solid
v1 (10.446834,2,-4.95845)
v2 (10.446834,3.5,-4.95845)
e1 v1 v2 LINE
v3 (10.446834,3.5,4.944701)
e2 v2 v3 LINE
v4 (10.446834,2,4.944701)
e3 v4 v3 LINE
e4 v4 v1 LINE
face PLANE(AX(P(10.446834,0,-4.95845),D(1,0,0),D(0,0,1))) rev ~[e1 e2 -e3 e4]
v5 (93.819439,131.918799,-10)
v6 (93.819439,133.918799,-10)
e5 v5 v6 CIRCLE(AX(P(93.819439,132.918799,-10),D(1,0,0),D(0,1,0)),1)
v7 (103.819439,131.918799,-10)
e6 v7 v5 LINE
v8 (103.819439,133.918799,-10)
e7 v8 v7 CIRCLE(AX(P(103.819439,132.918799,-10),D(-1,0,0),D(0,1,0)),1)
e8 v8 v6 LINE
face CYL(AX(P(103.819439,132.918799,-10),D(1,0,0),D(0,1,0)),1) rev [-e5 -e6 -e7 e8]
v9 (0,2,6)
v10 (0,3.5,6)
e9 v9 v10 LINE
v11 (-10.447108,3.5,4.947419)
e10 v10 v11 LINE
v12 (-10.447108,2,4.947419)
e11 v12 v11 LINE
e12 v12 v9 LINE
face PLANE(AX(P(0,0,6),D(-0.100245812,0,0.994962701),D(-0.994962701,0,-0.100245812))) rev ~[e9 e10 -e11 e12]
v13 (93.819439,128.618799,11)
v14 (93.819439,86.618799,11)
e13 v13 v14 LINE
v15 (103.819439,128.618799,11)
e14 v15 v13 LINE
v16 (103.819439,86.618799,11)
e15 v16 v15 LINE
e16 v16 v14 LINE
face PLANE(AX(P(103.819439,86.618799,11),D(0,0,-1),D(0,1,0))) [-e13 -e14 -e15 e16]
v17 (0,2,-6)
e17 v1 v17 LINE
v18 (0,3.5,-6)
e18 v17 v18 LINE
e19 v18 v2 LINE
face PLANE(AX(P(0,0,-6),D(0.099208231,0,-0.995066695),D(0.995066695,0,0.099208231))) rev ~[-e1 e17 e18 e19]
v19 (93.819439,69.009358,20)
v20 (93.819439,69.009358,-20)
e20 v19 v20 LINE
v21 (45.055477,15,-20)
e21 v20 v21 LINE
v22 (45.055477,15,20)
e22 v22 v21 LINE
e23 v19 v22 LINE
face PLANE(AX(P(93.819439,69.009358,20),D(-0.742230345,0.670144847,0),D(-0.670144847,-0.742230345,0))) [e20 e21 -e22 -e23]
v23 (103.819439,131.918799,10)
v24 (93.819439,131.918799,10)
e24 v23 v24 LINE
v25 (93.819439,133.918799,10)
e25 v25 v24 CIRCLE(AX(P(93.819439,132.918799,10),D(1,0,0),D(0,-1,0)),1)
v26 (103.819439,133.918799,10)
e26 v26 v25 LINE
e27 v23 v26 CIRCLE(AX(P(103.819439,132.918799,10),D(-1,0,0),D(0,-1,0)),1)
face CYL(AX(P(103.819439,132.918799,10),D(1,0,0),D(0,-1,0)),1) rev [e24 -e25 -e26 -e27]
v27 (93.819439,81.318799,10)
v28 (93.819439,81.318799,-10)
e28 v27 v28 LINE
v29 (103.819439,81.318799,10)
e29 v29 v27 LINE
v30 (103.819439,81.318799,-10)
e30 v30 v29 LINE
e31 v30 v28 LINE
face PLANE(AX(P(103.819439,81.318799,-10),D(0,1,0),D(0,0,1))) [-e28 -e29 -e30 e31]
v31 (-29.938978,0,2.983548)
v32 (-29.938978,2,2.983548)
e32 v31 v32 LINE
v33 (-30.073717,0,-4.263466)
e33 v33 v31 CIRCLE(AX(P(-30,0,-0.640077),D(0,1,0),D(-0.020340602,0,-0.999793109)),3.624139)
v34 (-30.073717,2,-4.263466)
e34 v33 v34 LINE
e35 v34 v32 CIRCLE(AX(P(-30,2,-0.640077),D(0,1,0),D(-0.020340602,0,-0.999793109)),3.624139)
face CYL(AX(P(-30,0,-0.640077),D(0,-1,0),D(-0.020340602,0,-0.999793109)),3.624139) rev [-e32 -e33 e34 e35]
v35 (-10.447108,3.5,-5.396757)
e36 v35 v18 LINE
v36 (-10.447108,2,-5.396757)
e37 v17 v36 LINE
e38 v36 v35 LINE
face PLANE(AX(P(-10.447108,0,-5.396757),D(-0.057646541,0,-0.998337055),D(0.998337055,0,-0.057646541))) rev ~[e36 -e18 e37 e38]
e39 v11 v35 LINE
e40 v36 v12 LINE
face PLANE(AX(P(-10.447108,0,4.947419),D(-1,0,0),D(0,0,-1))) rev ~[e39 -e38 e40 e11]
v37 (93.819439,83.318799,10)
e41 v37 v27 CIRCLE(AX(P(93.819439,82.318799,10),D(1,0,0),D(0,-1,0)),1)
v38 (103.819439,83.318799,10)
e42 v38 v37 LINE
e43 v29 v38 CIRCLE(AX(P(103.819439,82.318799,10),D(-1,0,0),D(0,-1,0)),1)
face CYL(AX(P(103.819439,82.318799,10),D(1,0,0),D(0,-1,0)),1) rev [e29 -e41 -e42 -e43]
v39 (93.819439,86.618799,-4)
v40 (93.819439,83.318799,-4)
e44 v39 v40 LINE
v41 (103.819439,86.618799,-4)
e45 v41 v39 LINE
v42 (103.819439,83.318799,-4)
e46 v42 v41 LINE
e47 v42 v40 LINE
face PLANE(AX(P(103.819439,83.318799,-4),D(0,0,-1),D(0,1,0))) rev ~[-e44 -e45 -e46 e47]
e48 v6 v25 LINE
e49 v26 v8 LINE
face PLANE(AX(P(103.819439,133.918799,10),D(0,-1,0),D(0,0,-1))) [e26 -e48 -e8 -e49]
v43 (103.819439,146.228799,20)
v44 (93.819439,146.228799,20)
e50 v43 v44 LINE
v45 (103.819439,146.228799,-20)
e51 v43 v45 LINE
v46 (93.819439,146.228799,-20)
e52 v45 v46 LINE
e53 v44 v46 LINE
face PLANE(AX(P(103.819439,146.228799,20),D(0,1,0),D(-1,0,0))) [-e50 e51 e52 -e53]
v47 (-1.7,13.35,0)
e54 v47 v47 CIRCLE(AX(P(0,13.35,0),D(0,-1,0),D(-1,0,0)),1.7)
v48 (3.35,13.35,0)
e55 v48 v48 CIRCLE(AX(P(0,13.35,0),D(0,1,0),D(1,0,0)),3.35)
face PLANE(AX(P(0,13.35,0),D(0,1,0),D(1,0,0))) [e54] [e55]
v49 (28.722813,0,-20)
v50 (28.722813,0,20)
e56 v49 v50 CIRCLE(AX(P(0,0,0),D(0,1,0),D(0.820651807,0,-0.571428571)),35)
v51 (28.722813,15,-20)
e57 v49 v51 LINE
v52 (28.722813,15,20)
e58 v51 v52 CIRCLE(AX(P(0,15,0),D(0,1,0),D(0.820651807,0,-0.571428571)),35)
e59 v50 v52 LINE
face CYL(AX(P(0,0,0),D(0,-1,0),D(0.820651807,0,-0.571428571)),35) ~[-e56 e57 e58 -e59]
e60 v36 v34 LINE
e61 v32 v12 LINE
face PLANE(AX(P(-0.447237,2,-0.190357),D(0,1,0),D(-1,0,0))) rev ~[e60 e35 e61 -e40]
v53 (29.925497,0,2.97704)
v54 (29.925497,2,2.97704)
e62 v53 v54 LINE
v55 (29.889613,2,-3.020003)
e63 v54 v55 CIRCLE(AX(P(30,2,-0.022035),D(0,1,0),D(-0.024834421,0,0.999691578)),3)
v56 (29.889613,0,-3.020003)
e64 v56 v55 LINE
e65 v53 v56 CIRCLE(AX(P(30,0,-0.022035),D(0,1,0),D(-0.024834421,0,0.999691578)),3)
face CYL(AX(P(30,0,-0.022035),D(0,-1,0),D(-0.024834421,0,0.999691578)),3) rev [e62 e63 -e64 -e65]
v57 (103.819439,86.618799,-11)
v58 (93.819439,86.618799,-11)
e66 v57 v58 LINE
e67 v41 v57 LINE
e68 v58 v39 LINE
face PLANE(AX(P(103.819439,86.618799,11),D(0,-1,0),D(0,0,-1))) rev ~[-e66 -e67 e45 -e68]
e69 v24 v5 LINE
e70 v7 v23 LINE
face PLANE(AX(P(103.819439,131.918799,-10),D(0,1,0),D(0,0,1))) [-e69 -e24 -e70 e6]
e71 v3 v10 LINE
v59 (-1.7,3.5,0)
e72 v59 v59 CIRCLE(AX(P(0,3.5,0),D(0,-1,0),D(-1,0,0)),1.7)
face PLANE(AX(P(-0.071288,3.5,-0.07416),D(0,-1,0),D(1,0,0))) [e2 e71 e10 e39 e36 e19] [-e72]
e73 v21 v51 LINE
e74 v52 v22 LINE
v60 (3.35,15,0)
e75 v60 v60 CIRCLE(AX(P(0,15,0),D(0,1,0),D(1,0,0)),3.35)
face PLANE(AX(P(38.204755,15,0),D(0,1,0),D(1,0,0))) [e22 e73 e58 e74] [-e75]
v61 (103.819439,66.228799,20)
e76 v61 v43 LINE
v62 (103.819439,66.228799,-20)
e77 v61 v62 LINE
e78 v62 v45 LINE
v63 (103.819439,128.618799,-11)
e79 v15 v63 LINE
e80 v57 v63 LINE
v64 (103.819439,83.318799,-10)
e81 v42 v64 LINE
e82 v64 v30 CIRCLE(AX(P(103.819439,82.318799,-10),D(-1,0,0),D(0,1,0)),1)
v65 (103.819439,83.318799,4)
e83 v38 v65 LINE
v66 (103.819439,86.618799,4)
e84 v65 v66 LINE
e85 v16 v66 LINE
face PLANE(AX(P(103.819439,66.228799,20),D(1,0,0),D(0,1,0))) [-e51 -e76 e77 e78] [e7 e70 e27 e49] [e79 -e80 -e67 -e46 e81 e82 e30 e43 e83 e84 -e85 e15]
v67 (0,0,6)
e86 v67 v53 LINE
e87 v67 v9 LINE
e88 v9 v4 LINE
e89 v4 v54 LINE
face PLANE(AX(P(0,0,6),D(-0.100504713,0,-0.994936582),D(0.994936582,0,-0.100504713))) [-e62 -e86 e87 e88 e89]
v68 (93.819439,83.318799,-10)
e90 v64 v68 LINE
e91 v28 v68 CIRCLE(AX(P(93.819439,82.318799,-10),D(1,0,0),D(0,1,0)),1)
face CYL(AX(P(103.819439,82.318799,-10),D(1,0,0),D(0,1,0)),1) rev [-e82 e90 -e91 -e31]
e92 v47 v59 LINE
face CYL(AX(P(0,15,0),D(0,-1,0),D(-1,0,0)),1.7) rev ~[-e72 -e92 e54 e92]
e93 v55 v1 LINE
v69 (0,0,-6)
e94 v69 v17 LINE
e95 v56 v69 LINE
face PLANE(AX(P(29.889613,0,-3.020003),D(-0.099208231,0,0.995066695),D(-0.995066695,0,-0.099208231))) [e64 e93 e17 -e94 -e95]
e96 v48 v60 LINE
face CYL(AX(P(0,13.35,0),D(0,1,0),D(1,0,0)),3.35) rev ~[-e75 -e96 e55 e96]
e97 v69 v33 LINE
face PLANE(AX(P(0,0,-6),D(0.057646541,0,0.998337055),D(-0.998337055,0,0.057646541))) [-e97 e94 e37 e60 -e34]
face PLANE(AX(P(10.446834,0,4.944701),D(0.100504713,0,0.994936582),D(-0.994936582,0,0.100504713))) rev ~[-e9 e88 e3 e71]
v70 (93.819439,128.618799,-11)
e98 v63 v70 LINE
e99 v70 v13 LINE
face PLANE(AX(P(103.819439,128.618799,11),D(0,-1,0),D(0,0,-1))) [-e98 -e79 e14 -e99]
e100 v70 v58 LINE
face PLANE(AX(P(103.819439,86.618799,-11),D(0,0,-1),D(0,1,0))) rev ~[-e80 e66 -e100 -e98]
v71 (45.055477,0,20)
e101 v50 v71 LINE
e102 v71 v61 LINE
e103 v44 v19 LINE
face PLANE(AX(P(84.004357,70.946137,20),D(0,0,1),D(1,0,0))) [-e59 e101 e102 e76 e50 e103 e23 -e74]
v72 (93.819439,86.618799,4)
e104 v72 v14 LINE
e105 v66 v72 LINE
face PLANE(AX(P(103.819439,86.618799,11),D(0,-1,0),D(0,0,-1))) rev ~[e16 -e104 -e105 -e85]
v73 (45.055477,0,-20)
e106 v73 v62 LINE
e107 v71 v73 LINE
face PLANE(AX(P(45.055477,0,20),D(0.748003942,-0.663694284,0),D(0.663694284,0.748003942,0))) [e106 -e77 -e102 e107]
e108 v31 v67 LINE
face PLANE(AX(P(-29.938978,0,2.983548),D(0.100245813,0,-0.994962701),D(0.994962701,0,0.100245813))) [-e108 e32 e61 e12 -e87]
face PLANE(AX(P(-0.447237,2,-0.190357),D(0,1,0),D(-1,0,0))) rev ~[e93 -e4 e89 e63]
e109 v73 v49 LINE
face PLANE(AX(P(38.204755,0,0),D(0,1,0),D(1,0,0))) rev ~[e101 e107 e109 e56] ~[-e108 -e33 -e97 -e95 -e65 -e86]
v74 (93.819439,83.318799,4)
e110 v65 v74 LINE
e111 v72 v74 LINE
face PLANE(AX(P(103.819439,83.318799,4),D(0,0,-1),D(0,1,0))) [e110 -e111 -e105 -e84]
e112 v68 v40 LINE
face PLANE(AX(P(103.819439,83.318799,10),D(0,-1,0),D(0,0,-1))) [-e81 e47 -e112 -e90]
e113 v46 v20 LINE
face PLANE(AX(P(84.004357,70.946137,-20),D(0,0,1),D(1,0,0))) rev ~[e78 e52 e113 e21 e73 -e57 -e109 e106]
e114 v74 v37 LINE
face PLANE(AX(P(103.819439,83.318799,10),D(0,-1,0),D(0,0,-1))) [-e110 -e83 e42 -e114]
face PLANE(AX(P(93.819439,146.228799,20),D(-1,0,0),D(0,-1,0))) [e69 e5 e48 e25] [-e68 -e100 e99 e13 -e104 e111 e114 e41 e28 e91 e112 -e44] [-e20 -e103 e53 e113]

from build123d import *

# Parameters (mm, degrees)
EXTRUDE_1_DEPTH        = 15
EXTRUDE_2_DEPTH        = 40
F_1_4_BASE_D           = 3.4
F_1_4_BASE_CBORE_D     = 6.7
F_1_4_BASE_CBORE_DEPTH = 1.65
SKETCH_11_W            = 22
SKETCH_11_H            = 42
CUT_EXTRUDE_1_DEPTH    = 32
CUT_EXTRUDE_3_DEPTH    = 2
CUT_EXTRUDE_4_DEPTH    = 3.5
CUT_EXTRUDE_5_DEPTH    = 20
SKETCH_22_W            = 8
SKETCH_22_H            = 3.3
CUT_EXTRUDE_6_DEPTH    = 20


with BuildPart() as part:
    # 草图1 → 凸台-拉伸1 (new body)
    with BuildSketch(Plane(origin=(0, 0, 0), x_dir=(1, 0, 0), z_dir=(0, 1, 0))):
        with BuildLine():
            Line((45.055476805, 20), (28.722813233, 20))
            ThreePointArc((28.722813233, 20), (33.393850206, 10.480971731), (35, 0))
            ThreePointArc((35, 0), (33.393850206, -10.480971731), (28.722813233, -20))
            Line((28.722813233, -20), (45.055476805, -20))
            Line((45.055476805, -20), (45.055476805, 20))
        make_face()
        with BuildLine():
            Line((0.055476805, -20), (0.055476805, 20))
            Line((0.055476805, 20), (28.722813233, 20))
            ThreePointArc((28.722813233, 20), (-35, 0), (28.722813233, -20))
            Line((28.722813233, -20), (0.055476805, -20))
        make_face()
        with BuildLine():
            Line((28.722813233, 20), (0.055476805, 20))
            Line((0.055476805, 20), (0.055476805, -20))
            Line((0.055476805, -20), (28.722813233, -20))
            ThreePointArc((28.722813233, -20), (33.393850206, -10.480971731), (35, 0))
            ThreePointArc((35, 0), (33.393850206, 10.480971731), (28.722813233, 20))
        make_face()
    extrude(amount=EXTRUDE_1_DEPTH)

    # 草图2 → 凸台-拉伸2 (add)
    with BuildSketch(Plane.XY.offset(20)):
        Polygon((45.055476805, 0), (103.81943921, 66.228799241), (103.81943921, 146.228799241), (93.81943921, 146.228799241), (93.81943921, 69.009357532), (45.055476805, 15), align=None)
    extrude(amount=-EXTRUDE_2_DEPTH)

    # 1/4 六角头螺钉的柱形沉头孔base (through all)
    with Locations(Plane(origin=(0, 15, 0), x_dir=(1, 0, 0), z_dir=(0, 1, 0))):
        with Locations((0, 0)):
            CounterBoreHole(F_1_4_BASE_D / 2, F_1_4_BASE_CBORE_D / 2, F_1_4_BASE_CBORE_DEPTH)

    # 草图11 → 切除-拉伸1 (cut)
    with BuildSketch(Plane(origin=(103.81943921, 0, 0), x_dir=(0, 0, -1), z_dir=(1, 0, 0))):
        with Locations((0, 107.618799241)):
            Rectangle(SKETCH_11_W, SKETCH_11_H)
    extrude(amount=-CUT_EXTRUDE_1_DEPTH, mode=Mode.SUBTRACT)

    # 草图19 → 切除-拉伸3 (cut)
    with BuildSketch(Plane.XZ):
        with BuildLine():
            Line((-29.938978194, 2.983548036), (0, 6))
            Line((0, 6), (29.925496738, 2.977040035))
            ThreePointArc((29.925496738, 2.977040035), (32.999946297, -0.039985046), (29.889613095, -3.020003134))
            Line((29.889613095, -3.020003134), (0, -6))
            Line((0, -6), (-30.07371717, -4.263466486))
            ThreePointArc((-30.07371717, -4.263466486), (-33.623512821, -0.572707651), (-29.938978194, 2.983548036))
        make_face()
    extrude(amount=-CUT_EXTRUDE_3_DEPTH, mode=Mode.SUBTRACT)

    # 草图20 → 切除-拉伸4 (cut)
    with BuildSketch(Plane.XZ):
        Polygon((0, 6), (-10.447108364, 4.947418969), (-10.447108364, -5.396757185), (0, -6), (10.446834114, -4.958449786), (10.446834114, 4.944700515), align=None)
    extrude(amount=-CUT_EXTRUDE_4_DEPTH, mode=Mode.SUBTRACT)

    # 草图21 → 切除-拉伸5 (cut)
    with BuildSketch(Plane(origin=(103.81943921, 0, 0), x_dir=(0, 0, -1), z_dir=(1, 0, 0))):
        with BuildLine():
            Line((-10, 133.918799241), (10, 133.918799241))
            ThreePointArc((10, 133.918799241), (11, 132.918799241), (10, 131.918799241))
            Line((10, 131.918799241), (-10, 131.918799241))
            ThreePointArc((-10, 131.918799241), (-11, 132.918799241), (-10, 133.918799241))
        make_face()
        with BuildLine():
            Line((-10, 83.318799241), (10, 83.318799241))
            ThreePointArc((10, 83.318799241), (11, 82.318799241), (10, 81.318799241))
            Line((10, 81.318799241), (-10, 81.318799241))
            ThreePointArc((-10, 81.318799241), (-11, 82.318799241), (-10, 83.318799241))
        make_face()
    extrude(amount=-CUT_EXTRUDE_5_DEPTH, mode=Mode.SUBTRACT)

    # 草图22 → 切除-拉伸6 (cut)
    with BuildSketch(Plane(origin=(103.81943921, 0, 0), x_dir=(0, 0, -1), z_dir=(1, 0, 0))):
        with Locations((0, 84.968799241)):
            Rectangle(SKETCH_22_W, SKETCH_22_H)
    extrude(amount=-CUT_EXTRUDE_6_DEPTH, mode=Mode.SUBTRACT)


solid = part.part
